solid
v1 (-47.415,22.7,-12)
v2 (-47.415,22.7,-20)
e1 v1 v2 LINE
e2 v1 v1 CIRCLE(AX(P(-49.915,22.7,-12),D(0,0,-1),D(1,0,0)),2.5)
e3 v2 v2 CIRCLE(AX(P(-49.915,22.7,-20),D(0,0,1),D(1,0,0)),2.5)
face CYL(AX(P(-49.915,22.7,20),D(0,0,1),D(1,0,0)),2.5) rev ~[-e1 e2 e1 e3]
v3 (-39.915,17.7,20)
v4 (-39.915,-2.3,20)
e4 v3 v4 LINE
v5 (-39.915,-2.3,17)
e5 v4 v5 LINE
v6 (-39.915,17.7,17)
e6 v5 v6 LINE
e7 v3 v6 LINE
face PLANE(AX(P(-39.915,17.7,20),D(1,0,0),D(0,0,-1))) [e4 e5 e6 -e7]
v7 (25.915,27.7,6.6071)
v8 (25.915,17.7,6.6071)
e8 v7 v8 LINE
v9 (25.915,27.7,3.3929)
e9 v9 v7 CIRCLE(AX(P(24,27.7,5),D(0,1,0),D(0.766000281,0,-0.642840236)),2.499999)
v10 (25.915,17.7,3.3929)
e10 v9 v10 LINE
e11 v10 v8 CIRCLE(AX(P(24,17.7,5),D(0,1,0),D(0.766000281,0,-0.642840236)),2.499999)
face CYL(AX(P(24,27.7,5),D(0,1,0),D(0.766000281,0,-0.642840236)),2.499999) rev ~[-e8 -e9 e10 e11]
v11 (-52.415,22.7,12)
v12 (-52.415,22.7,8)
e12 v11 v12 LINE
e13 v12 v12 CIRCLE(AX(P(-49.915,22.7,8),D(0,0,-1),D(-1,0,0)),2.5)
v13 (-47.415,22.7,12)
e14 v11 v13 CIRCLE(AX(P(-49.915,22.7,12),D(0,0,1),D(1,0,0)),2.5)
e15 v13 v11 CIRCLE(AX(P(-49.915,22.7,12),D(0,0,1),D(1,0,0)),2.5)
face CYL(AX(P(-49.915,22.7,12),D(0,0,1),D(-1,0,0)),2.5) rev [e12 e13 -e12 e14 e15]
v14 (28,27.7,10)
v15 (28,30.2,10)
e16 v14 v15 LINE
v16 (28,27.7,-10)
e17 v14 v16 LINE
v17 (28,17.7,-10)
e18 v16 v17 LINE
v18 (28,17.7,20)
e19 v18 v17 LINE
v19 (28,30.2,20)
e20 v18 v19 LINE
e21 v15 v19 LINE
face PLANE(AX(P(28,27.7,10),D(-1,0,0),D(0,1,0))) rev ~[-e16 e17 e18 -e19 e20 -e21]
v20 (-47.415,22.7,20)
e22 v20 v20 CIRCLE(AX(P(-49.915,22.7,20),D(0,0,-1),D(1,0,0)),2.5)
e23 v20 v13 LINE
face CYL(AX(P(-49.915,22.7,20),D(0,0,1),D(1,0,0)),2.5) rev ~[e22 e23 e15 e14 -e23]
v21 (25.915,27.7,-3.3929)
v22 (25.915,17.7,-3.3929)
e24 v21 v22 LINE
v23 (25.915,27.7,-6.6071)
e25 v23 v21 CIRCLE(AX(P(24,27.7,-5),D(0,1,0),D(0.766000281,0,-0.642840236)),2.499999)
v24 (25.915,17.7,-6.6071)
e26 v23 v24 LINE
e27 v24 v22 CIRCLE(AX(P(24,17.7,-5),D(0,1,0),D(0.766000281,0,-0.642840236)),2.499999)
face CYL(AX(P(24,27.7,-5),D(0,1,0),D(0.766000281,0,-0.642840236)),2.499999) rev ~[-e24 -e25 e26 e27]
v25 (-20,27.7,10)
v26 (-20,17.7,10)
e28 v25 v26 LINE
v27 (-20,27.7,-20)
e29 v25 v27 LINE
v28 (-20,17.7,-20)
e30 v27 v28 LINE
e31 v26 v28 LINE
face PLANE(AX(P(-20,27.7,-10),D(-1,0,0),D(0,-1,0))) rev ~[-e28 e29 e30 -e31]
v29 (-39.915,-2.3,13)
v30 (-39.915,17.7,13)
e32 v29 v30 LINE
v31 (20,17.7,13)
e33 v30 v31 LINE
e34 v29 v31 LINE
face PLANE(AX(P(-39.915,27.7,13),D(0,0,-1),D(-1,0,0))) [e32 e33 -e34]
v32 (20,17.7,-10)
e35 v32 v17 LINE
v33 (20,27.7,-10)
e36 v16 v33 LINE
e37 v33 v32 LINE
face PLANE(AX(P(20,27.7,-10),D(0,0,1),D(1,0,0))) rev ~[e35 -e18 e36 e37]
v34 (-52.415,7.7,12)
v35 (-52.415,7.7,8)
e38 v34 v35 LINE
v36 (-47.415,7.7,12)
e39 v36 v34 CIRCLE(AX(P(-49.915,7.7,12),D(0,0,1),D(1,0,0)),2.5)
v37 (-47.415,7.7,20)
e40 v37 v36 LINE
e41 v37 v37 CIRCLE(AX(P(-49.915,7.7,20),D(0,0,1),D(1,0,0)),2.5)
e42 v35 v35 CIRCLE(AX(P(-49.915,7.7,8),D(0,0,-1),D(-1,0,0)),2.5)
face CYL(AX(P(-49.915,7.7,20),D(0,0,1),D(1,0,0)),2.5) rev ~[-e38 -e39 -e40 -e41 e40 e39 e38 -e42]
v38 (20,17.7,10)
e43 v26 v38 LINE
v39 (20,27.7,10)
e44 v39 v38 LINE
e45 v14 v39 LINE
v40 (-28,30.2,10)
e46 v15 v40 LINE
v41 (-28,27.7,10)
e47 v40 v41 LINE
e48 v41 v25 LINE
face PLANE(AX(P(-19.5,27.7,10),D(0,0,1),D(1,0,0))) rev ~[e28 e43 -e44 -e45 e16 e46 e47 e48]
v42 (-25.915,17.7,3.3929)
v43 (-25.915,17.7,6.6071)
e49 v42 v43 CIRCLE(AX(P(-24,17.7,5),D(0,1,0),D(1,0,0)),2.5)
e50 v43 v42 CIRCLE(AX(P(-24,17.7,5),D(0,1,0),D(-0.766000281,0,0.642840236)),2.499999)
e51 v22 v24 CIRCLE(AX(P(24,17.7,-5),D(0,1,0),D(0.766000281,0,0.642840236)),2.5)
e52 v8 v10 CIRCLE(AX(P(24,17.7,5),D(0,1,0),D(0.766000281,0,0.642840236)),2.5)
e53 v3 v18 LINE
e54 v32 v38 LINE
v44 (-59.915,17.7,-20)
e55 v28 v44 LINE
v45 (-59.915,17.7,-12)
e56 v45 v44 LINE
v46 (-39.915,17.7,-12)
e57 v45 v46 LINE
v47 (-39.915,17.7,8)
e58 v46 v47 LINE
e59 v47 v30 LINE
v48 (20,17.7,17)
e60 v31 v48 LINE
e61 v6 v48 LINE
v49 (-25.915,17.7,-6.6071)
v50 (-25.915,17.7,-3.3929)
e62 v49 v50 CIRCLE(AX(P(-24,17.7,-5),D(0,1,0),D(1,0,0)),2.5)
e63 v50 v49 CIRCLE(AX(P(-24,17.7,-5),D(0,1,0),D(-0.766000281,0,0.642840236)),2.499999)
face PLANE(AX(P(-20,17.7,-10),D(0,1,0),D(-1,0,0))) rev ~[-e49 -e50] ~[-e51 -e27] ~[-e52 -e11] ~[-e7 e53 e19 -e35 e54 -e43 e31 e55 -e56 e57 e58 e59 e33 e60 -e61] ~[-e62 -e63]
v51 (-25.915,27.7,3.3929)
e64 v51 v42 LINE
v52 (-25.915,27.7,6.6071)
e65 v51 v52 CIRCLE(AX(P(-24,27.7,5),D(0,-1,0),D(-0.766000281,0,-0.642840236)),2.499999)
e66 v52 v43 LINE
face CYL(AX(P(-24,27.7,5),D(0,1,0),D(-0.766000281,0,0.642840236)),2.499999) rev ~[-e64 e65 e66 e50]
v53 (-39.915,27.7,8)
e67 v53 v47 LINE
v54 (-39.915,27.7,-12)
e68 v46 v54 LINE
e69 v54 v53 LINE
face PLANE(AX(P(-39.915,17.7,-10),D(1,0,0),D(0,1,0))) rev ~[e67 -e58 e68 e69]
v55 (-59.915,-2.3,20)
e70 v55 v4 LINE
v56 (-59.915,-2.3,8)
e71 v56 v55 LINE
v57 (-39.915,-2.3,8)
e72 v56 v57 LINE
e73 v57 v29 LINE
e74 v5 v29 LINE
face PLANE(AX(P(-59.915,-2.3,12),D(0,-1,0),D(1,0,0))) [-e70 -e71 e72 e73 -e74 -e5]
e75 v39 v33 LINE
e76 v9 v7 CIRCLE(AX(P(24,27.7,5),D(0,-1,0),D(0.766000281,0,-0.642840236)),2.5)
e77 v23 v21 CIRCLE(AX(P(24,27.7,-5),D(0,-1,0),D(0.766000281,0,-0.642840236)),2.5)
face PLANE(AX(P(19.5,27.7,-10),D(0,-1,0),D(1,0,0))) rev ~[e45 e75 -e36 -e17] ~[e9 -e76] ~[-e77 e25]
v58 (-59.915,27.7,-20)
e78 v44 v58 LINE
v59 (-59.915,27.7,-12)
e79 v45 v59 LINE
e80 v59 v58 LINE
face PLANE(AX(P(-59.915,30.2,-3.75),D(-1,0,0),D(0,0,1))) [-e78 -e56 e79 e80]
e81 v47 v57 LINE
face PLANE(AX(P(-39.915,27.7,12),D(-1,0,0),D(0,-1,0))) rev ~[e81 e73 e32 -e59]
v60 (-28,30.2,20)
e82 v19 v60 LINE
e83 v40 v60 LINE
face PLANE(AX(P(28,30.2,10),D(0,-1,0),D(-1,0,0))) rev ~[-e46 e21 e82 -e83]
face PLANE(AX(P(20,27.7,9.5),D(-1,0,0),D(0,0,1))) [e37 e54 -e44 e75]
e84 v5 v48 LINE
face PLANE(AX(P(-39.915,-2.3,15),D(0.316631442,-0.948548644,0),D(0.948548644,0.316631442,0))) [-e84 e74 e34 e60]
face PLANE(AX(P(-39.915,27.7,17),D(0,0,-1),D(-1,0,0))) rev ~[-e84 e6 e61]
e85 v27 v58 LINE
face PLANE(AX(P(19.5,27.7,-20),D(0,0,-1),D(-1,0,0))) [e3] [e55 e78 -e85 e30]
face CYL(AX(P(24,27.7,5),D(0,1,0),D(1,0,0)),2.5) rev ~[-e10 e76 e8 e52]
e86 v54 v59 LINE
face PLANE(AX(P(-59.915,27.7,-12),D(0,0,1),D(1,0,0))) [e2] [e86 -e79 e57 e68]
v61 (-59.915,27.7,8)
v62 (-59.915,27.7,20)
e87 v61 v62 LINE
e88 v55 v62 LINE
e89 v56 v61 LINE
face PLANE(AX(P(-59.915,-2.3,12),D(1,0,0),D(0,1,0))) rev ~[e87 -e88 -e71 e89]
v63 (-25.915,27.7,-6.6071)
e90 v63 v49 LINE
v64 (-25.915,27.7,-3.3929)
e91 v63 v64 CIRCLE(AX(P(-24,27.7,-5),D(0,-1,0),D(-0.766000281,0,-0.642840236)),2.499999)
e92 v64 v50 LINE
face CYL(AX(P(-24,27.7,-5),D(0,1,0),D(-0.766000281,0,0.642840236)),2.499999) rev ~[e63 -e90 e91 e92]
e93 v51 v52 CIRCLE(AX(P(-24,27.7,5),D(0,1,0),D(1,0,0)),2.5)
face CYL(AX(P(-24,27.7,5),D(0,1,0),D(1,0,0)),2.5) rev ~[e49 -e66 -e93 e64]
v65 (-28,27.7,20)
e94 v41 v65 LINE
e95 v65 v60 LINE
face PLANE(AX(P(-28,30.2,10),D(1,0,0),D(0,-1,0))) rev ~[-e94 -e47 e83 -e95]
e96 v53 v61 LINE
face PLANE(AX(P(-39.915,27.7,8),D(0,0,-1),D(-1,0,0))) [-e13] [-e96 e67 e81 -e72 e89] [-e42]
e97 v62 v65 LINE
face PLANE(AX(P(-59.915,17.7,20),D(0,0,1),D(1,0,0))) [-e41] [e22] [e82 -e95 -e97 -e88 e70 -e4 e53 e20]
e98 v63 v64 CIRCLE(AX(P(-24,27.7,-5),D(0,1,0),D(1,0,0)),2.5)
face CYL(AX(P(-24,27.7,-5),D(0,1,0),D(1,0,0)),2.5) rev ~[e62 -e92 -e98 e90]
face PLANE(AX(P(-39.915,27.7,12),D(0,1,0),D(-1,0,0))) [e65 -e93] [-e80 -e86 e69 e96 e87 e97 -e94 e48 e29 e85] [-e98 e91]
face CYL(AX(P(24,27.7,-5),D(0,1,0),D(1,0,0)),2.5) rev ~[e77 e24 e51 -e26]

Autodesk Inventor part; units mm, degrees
ref_plane "Work Plane1" through (-26, 27.7, 10) normal (0, -1, 0) x (1, 0, 0)
sketch "Sketch1" plane through (-26, 27.7, 10) normal (0, -1, 0) x (1, 0, 0)
  line L0 (6, -0.5) -> (6, 0)
  line L1 (0, 0) -> (6.5, 0) projected
  line L2 (6, 0) -> (0, 0)
  line L3 (0, 0) -> (-2, 0)
  arc A0 (0, 0) -> (-2, -2) centre (0, -2) ccw projected
  line L4 (-2, 0) -> (-2, 0)
  line L5 (0, 0) -> (-2, 0)
  line L6 (-2, -2) -> (-2, -3.75) projected
  line L7 (-2, -2) -> (-2, 0)
  arc A1 (0, 0) -> (-2, -2) centre (0, -2) ccw projected
  line L8 (0, 0) -> (-2, 0)
  arc A2 (-2, -18) -> (0, -20) centre (0, -18) ccw projected
  line L9 (-2, -2) -> (-2, -18)
  line L10 (-2, -18) -> (-2, -20)
  line L11 (-2, -20) -> (0, -20)
  line L12 (0, -20) -> (6.5, -20)
  line L13 (6, -19.5) -> (6, -20)
  line L14 (6, -19.5) -> (6, -0.5)
  point P0 (26, -10)
extrude "Extrusion1" add sketch "Sketch1" along normal blind 10
ref_plane "Work Plane3" through (19.5, 27.7, -10) normal (0, -1, 0) x (1, 0, 0)
sketch "Sketch2" plane through (19.5, 27.7, -10) normal (0, -1, 0) x (1, 0, 0)
  line L0 (0.5, 19.5) -> (0.5, 0.5) projected
  line L1 (0.5, 19.5) -> (0.5, 20)
  line L2 (0, 20) -> (6.5, 20) projected
  line L3 (0.5, 0.4979) -> (0.5, -0.0021)
  arc A0 (6.5, 0) -> (8.5, 2) centre (6.5, 2) ccw projected
  line L4 (0, 0) -> (6.5, 0) projected
  line L5 (8.5, 2) -> (6.5, 2)
  line L6 (6.5, 2) -> (6.5, 0)
  line L7 (6.5, 0) -> (8.5, 0)
  line L8 (8.5, 0) -> (8.5, 2)
  line L9 (0.5, 20) -> (8.5, 20)
  line L10 (8.5, 20) -> (8.5, 0)
  line L11 (8.5, 0) -> (0.5, 0)
  line L12 (0.5, 0) -> (0.5, 20)
  point P0 (-19.5, 10)
  point P1 (0.5, 0.5)
  dimension "d4" = 0.5
extrude "Extrusion2" add sketch "Sketch2" along normal blind 10
ref_plane "Work Plane5" through (-19.5, 27.7, 10) normal (0, 0, 1) x (1, 0, 0)
sketch "Sketch3" plane through (-19.5, 27.7, 10) normal (0, 0, 1) x (1, 0, 0)
  line L0 (-8.5, 0) -> (-8.5, -10) projected
  line L1 (47.5, 0) -> (47.5, 2.5) projected
  line L2 (-8.5, -10) -> (47.5, -10)
  line L3 (47.5, -10) -> (47.5, 2.5)
  line L4 (47.5, 2.5) -> (-8.5, 2.5)
  line L5 (-8.5, 2.5) -> (-8.5, -10)
  point P0 (19.5, -27.7)
extrude "Extrusion3" add sketch "Sketch3" along normal blind 10
ref_plane "Work Plane4" through (19.5, 27.7, -10) normal (0, 1, 0) x (1, 0, 0)
sketch "Sketch4" plane through (19.5, 27.7, -10) normal (0, 1, 0) x (1, 0, 0)
  arc A0 (6.415, -13.3929) -> (6.415, -16.6071) centre (4.5, -15) ccw projected
  circle A1 centre (4.5, -15) radius 2.5
  arc A2 (6.415, -3.3929) -> (6.415, -6.6071) centre (4.5, -5) ccw projected
  circle A3 centre (4.5, -5) radius 2.5
  arc A4 (-45.415, -16.6071) -> (-45.415, -13.3929) centre (-43.5, -15) ccw projected
  circle A5 centre (-43.5, -15) radius 2.5
  arc A6 (-45.415, -6.6071) -> (-45.415, -3.3929) centre (-43.5, -5) ccw projected
  circle A7 centre (-43.5, -5) radius 2.5
  point P0 (-19.5, -10)
  point P1 (6.415, -3.3929)
  point P2 (6.415, -13.3929)
  point P3 (-45.415, -16.6071)
  point P4 (-45.415, -6.6071)
extrude "Extrusion4" cut sketch "Sketch4" against normal blind 10
ref_plane "Work Plane6" through (-28, 30.2, -3.75) normal (-1, 0, 0) x (0, 0, 1)
sketch "Sketch5" plane through (-28, 30.2, -3.75) normal (-1, 0, 0) x (0, 0, 1)
  line L0 (-6.25, -12.5) -> (23.75, -12.5) projected
  line L1 (-6.25, -2.5) -> (-6.25, -12.5) projected
  line L2 (23.75, -12.5) -> (-6.25, -12.5)
  line L3 (-6.25, -12.5) -> (-6.25, -2.5)
  line L4 (-6.25, -2.5) -> (23.75, -2.5)
  line L5 (23.75, -2.5) -> (23.75, -12.5)
  point P0 (3.75, -30.2)
extrude "Extrusion5" add sketch "Sketch5" along normal blind 11.915
ref_plane "Work Plane7" through (19.5, 27.7, -10) normal (0, 0, -1) x (-1, 0, 0)
sketch "Sketch6" plane through (19.5, 27.7, -10) normal (0, 0, -1) x (-1, 0, 0)
  line L0 (39.5, 0) -> (39.5, -10) projected
  line L1 (47.5, 0) -> (59.415, 0) projected
  line L2 (39.5, -10) -> (59.415, -10)
  line L3 (59.415, -10) -> (59.415, 0)
  line L4 (59.415, 0) -> (39.5, 0)
  line L5 (39.5, 0) -> (39.5, -10)
  point P0 (19.5, -27.7)
extrude "Extrusion6" add sketch "Sketch6" along normal blind 10
ref_plane "Work Plane8" through (-39.915, 30.2, -3.75) normal (-1, 0, 0) x (0, 0, 1)
sketch "Sketch7" plane through (-39.915, 30.2, -3.75) normal (-1, 0, 0) x (0, 0, 1)
  line L0 (-16.25, -12.5) -> (-16.25, -2.5) projected
  line L1 (-16.25, -12.5) -> (-6.25, -12.5)
  line L2 (-6.25, -12.5) -> (-6.25, -2.5)
  line L3 (-6.25, -2.5) -> (-16.25, -2.5)
  line L4 (-16.25, -2.5) -> (-16.25, -12.5)
  line L5 (23.75, -12.5) -> (23.75, -2.5) projected
  line L6 (23.75, -2.5) -> (13.75, -2.5)
  line L7 (13.75, -2.5) -> (13.75, -12.5)
  line L8 (13.75, -12.5) -> (23.75, -12.5)
  line L9 (23.75, -12.5) -> (23.75, -2.5)
  point P0 (3.75, -30.2)
  point P1 (23.75, -12.5)
  dimension "d15" = 10
  dimension "d16" = 10
extrude "Extrusion7" add sketch "Sketch7" along normal blind 20
ref_plane "Work Plane9" through (19.5, 27.7, -20) normal (0, 0, -1) x (-1, 0, 0)
sketch "Sketch9" plane through (-26, 17.7, 10) normal (0, -1, 0) x (1, 0, 0)
  line L0 (-13.915, 0) -> (-33.915, 0) projected
  line L1 (-13.915, 0) -> (-33.915, 0)
  line L2 (-33.915, 0) -> (-33.915, 10)
  line L3 (-33.915, 10) -> (-13.915, 10)
  line L4 (-13.915, 10) -> (-13.915, 0)
  point P0 (26, -10)
  point P1 (-33.915, 0)
extrude "Extrusion9" add sketch "Sketch9" along normal blind 20
ref_plane "Work Plane2" through (-39.915, 27.7, 15) normal (0, 0, -1) x (-1, 0, 0)
sketch "Sketch10" plane through (-39.915, 27.7, 15) normal (0, 0, -1) x (-1, 0, 0)
  line L0 (20, -30) -> (0, -30) projected
  line L1 (-59.915, -10) -> (-67.915, -10) projected
  line L2 (0, -30) -> (-59.915, -10)
  line L3 (0, -30) -> (0, -10)
  line L4 (0, -10) -> (-59.915, -10)
  point P0 (-39.915, -27.7)
extrude "Extrusion10" add sketch "Sketch10" along normal mid plane 4
ref_plane "Work Plane10" through (-19.5, 27.7, 20) normal (0, 0, 1) x (1, 0, 0)
thread "Thread1" size "M5x0.8" class "6H" standard "ANSI Metric M Profile" length 15
thread "Thread2" size "M5x0.8" class "6H" standard "ANSI Metric M Profile" length 15
thread "Thread3" size "M5x0.8" class "6H" standard "ANSI Metric M Profile" length 15
thread "Thread4" size "M5x0.8" class "6H" standard "ANSI Metric M Profile" length 15
sketch "Sketch13" plane through (-19.5, 27.7, 20) normal (0, 0, 1) x (1, 0, 0)
  line L0 (-20.415, -10) -> (-20.415, 0) projected
  line L1 (-20.415, 0) -> (-30.415, 0)
  line L2 (-20.415, 0) -> (-40.415, 0) projected
  line L3 (-30.415, 0) -> (-30.415, -5)
  line L4 (-20.415, -10) -> (-20.415, -30) projected
  line L5 (-20.415, -30) -> (-20.415, -20)
  line L6 (-20.415, -20) -> (-30.415, -20)
  circle A0 centre (-30.415, -5) radius 2.5
  circle A1 centre (-30.415, -20) radius 2.5
  point P0 (19.5, -27.7)
  dimension "d40" = 10
  dimension "d41" = 5
  dimension "d42" = 10
  dimension "d43" = 10
  dimension "d44" = 5
  dimension "d45" = 5
extrude "Extrusion12" cut sketch "Sketch13" against normal through all
sketch "Sketch14" plane through (-59.915, 27.7, -10) normal (0, 0, 1) x (1, 0, 0)
  line L0 (20, 0) -> (20, -10) projected
  line L1 (0, -10) -> (0, 0) projected
  line L2 (20, 0) -> (0, 0)
  line L3 (0, 0) -> (0, -10)
  line L4 (0, -10) -> (20, -10)
  line L5 (20, -10) -> (20, 0)
  point P0 (59.915, -27.7)
  point P1 (20, -10)
extrude "Extrusion13" add sketch "Sketch14" against normal blind 2
sketch "Sketch15" plane through (-39.915, 27.7, 10) normal (0, 0, -1) x (-1, 0, 0)
  line L0 (20, -30) -> (0, -30) projected
  line L1 (20, 0) -> (0, 0)
  line L2 (0, 0) -> (0, -30)
  line L3 (0, -30) -> (20, -30)
  line L4 (20, -30) -> (20, 0)
  point P0 (-39.915, -27.7)
extrude "Extrusion14" cut sketch "Sketch15" against normal blind 2
sketch "Sketch16" plane through (-39.915, 27.7, 12) normal (0, 0, -1) x (-1, 0, 0)
  line L0 (-11.915, 0) -> (20, 0) projected
  line L1 (20, -30) -> (0, -30) projected
  line L2 (20, 0) -> (0, 0)
  line L3 (0, 0) -> (0, -30)
  line L4 (0, -30) -> (20, -30)
  line L5 (20, -30) -> (20, 0)
  circle A0 centre (10, -20) radius 2.5 projected
  circle A1 centre (10, -20) radius 2.5
  circle A2 centre (10, -5) radius 2.5 projected
  circle A3 centre (10, -5) radius 2.5
  point P0 (-39.915, -27.7)
  point P1 (0, 0)
extrude "Extrusion15" add sketch "Sketch16" along normal blind 4
sketch "Sketch17" plane through (-49.915, 22.7, -12) normal (0, 0, -1) x (-1, 0, 0)
  circle A0 centre (0, 0) radius 2.5
  point P0 (-49.915, -22.7)
extrude "Extrusion16" cut sketch "Sketch17" against normal blind 4
sketch "Sketch18" plane through (-59.915, 27.7, -10) normal (0, 0, 1) x (1, 0, 0)
  line L0 (0, -10) -> (0, 0) projected
  line L1 (20, 0) -> (0, 0) projected
  line L2 (0, -10) -> (20, -10)
  line L3 (20, -10) -> (20, 0)
  line L4 (20, 0) -> (0, 0)
  line L5 (0, 0) -> (0, -10)
  point P0 (59.915, -27.7)
extrude "Extrusion17" cut sketch "Sketch18" against normal blind 2
properties part number "servo_holder" material "PET Plastic"
